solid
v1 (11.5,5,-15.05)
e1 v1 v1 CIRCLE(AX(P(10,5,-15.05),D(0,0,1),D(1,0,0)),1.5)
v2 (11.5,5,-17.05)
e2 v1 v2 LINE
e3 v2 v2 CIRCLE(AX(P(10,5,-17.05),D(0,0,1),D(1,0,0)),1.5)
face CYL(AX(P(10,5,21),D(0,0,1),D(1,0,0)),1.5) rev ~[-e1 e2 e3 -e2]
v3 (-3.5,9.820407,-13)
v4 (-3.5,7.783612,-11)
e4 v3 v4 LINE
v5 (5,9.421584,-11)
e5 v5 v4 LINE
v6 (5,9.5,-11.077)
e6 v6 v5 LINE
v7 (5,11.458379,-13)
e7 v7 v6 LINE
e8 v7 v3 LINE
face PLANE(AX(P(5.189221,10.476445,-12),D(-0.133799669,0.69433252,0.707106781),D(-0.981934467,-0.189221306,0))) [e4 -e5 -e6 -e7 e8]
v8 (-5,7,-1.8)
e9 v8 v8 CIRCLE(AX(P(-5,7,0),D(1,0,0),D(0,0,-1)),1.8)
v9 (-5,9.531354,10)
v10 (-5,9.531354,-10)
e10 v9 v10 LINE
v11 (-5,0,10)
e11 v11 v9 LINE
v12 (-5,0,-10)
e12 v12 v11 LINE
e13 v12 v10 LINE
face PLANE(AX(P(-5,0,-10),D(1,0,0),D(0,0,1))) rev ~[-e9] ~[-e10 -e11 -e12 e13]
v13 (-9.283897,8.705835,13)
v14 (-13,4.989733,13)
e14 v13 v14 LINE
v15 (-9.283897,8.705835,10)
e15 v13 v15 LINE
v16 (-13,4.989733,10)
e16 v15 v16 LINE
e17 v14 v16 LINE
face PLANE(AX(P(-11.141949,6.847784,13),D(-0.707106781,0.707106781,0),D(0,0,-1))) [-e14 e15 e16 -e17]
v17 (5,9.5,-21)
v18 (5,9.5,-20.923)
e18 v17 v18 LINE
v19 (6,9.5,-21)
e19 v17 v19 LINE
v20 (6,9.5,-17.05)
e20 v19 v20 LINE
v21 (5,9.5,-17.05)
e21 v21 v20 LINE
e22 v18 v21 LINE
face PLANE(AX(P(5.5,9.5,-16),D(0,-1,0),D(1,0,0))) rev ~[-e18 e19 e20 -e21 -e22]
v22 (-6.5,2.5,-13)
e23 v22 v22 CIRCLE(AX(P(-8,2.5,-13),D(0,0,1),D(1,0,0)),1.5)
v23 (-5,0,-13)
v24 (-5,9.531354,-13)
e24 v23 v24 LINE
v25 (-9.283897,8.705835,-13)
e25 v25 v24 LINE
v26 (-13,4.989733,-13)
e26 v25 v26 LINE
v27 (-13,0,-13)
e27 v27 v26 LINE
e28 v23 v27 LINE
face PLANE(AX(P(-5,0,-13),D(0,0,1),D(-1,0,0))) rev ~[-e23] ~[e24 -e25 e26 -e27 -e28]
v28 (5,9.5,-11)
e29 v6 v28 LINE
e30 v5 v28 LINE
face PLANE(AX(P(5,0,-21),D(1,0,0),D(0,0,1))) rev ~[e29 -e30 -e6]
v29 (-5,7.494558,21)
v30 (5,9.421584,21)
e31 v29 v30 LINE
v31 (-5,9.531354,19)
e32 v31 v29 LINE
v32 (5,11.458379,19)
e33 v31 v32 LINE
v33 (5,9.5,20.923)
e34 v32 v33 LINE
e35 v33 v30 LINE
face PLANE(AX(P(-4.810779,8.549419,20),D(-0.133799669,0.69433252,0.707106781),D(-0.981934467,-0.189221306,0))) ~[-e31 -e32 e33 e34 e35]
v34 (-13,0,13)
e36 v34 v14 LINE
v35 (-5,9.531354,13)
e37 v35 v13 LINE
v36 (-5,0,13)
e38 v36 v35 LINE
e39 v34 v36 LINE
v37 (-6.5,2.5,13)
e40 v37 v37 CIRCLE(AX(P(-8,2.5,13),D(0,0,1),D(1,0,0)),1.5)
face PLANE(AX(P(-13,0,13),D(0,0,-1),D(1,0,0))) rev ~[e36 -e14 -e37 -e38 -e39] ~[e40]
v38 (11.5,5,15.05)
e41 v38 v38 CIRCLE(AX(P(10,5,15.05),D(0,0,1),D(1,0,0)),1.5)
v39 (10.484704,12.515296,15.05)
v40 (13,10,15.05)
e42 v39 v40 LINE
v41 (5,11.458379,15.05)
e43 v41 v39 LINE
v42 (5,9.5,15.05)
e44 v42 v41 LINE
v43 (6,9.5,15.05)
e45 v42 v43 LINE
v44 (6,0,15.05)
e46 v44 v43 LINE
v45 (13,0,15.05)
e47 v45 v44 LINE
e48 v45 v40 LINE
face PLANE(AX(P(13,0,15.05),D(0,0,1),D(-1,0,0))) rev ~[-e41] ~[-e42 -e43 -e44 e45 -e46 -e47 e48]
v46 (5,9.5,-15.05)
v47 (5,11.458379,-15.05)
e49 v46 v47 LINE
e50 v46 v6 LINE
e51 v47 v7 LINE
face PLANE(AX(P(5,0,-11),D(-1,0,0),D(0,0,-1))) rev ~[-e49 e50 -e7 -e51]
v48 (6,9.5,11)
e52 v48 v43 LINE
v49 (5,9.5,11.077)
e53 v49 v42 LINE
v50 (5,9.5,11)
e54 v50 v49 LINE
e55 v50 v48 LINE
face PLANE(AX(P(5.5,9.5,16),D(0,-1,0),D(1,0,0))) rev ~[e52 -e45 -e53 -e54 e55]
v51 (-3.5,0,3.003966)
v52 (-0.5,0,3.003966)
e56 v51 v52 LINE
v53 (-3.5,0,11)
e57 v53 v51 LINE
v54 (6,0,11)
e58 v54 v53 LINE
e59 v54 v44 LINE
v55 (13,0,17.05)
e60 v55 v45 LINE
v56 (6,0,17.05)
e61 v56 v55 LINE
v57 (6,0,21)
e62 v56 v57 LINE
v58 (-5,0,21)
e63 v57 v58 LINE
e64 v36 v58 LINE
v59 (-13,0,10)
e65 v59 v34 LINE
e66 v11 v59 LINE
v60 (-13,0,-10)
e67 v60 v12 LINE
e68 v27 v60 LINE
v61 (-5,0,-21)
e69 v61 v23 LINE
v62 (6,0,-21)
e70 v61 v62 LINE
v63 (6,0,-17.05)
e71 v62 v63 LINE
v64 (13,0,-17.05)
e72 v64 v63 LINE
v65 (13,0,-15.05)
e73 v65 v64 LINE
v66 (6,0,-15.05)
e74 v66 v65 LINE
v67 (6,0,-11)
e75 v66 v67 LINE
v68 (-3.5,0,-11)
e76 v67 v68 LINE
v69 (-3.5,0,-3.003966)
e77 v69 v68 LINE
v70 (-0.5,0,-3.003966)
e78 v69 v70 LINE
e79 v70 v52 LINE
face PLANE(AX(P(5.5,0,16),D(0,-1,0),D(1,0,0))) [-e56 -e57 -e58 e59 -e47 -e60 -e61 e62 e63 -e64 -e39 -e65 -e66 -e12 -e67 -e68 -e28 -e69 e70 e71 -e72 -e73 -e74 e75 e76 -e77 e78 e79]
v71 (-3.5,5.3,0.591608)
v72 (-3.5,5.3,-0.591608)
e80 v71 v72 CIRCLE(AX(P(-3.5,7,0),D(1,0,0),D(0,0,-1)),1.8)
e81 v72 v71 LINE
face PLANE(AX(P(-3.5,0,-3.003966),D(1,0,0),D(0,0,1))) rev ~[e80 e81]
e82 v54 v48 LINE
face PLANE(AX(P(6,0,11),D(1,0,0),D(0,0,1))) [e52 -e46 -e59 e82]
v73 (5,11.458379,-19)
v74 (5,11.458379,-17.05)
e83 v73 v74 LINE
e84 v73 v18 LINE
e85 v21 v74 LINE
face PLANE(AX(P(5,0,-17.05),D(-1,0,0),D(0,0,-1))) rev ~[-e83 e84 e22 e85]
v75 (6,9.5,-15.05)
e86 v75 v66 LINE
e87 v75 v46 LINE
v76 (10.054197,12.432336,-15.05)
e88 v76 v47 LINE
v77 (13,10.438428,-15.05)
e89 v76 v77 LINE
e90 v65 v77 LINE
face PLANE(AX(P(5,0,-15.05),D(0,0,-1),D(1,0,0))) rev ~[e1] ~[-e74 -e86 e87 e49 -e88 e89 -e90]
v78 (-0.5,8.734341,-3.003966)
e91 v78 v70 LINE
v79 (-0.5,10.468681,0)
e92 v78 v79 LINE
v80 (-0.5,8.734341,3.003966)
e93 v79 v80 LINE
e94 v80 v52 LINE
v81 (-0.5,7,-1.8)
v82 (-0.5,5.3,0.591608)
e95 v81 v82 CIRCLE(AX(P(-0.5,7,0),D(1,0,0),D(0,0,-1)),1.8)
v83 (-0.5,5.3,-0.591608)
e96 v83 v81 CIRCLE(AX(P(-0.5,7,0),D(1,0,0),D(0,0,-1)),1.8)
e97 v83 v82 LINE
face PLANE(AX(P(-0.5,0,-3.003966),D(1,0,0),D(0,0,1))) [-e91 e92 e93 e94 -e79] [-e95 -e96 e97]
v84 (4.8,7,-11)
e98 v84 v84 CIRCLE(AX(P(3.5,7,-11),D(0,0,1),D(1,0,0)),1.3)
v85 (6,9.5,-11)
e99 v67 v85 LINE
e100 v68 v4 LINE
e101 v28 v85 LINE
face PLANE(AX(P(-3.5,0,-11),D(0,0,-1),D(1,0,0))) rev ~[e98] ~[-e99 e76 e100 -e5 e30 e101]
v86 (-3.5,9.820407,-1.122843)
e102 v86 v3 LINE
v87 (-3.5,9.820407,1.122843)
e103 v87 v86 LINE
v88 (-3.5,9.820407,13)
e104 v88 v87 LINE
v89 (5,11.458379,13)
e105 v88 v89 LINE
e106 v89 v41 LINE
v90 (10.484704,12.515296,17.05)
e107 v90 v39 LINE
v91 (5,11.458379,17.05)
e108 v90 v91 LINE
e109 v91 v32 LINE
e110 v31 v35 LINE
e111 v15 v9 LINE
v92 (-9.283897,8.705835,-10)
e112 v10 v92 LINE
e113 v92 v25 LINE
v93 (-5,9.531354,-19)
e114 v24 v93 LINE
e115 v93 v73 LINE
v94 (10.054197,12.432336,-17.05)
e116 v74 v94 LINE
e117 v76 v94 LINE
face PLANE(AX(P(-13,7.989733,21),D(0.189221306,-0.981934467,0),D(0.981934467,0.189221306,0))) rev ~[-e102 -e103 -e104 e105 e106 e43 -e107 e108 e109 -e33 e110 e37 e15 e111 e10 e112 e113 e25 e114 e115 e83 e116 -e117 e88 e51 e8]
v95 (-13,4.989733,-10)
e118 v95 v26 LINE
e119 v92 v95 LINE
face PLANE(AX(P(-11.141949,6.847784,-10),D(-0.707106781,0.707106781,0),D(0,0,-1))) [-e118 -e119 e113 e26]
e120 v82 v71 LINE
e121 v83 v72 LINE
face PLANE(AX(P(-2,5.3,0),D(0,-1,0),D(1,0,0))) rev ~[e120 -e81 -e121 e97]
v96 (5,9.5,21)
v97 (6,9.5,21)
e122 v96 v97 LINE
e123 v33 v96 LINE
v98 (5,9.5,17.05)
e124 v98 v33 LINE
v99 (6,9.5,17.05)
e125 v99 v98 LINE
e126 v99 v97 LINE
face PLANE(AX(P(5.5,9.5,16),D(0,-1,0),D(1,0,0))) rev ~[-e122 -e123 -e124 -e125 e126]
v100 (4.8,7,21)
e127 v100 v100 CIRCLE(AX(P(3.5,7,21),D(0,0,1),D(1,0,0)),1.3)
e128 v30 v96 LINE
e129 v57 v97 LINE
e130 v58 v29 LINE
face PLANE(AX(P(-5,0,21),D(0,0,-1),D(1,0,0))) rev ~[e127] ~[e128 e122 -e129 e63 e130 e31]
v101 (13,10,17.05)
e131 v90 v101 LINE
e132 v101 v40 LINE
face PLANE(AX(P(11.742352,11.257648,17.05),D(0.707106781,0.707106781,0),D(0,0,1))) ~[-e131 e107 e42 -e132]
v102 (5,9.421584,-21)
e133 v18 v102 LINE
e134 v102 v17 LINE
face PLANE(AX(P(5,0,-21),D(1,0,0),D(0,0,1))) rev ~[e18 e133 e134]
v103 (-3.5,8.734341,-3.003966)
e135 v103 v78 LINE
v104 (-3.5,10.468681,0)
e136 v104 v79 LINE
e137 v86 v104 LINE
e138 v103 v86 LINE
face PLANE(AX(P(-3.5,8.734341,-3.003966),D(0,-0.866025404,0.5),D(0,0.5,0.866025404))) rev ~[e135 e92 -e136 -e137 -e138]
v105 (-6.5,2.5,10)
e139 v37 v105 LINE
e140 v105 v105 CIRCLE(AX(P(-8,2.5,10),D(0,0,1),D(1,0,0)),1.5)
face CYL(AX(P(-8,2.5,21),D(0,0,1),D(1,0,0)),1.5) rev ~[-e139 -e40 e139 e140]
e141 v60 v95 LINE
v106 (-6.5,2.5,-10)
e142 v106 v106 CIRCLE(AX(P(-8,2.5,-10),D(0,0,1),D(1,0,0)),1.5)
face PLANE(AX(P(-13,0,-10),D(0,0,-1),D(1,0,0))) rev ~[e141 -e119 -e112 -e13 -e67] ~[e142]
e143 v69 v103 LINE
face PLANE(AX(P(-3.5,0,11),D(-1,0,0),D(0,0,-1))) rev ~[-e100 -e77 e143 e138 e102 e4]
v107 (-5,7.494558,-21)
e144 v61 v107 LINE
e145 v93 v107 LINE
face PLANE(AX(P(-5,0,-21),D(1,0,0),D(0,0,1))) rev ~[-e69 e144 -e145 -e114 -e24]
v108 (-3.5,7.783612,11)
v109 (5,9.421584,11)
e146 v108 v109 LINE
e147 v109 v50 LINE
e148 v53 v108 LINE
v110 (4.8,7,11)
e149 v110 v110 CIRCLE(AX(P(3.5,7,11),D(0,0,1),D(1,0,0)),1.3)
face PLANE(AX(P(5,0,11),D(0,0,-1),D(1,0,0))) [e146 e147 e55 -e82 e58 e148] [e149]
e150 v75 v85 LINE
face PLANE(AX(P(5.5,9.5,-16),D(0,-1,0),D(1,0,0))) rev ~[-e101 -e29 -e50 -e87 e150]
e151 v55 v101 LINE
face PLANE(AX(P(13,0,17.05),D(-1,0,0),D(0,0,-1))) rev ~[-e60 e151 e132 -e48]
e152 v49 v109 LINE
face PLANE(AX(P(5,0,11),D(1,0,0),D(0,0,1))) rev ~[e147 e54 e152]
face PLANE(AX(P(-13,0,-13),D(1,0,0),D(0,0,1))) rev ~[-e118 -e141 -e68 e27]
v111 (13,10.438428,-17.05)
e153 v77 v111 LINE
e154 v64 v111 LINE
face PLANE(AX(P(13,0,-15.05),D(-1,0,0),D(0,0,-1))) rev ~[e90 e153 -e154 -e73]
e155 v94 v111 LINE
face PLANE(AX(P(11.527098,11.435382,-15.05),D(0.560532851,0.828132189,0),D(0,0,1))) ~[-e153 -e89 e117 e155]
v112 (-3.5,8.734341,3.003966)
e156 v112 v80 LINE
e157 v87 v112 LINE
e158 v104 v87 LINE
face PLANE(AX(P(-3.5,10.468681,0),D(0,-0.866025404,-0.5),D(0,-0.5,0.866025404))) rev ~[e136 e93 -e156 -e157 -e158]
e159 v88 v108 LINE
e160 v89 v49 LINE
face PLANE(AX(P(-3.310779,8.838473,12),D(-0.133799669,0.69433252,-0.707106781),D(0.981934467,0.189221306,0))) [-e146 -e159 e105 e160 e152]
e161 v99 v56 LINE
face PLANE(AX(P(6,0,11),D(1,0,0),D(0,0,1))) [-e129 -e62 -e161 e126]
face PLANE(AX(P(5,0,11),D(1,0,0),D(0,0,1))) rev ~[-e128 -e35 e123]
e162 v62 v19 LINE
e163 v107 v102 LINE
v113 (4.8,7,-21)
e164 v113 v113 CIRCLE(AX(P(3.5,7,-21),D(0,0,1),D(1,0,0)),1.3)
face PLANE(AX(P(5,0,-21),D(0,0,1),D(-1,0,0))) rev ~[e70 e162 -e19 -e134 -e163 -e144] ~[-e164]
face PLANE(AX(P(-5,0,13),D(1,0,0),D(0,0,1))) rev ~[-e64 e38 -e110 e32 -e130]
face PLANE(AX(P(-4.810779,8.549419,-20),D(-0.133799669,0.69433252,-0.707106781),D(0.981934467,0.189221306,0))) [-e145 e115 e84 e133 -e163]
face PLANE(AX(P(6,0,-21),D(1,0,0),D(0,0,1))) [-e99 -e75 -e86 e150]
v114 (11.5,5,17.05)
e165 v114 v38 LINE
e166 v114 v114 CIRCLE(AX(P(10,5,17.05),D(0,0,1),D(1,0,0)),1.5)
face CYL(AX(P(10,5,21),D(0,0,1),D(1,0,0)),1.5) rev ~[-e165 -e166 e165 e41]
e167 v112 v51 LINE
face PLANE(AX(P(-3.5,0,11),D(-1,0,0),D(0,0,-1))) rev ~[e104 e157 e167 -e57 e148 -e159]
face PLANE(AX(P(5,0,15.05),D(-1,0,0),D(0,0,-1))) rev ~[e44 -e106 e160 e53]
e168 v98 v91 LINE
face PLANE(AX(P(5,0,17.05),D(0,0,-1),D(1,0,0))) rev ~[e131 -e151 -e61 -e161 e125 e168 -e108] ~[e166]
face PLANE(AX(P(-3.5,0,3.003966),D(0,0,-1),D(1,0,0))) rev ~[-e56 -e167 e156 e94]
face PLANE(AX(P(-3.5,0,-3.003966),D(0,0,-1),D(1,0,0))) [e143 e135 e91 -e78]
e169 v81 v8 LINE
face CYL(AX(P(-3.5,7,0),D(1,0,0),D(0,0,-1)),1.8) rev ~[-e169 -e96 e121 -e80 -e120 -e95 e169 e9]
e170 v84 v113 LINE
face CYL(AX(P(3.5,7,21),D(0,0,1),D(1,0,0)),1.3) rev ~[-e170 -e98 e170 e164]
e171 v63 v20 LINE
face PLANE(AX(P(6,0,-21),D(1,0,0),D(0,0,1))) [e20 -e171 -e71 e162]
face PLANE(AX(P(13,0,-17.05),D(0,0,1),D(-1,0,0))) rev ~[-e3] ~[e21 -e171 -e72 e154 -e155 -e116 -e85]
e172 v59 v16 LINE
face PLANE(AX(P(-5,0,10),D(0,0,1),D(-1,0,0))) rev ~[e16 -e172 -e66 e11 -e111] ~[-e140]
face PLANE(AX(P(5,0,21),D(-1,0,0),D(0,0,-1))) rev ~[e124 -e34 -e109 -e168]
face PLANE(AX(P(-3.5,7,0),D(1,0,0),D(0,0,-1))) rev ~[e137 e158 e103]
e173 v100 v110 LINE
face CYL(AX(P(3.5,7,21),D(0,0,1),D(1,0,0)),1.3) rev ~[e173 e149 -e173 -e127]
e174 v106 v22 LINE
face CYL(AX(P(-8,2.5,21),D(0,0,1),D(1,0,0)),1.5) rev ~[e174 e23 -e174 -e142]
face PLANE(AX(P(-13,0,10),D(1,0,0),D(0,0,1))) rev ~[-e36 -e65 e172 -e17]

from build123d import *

# Parameters (mm, degrees)
EXTRUDE_1_DEPTH        = 13
SKETCH_2_R             = 1.5
SKETCH_2_R_2           = 1.3
CUT_EXTRUDE_1_DEPTH    = 43
CHAMFER_1_SIZE2        = 3
CHAMFER_1_SIZE         = 3.784471042
CHAMFER_1_EDGE_2_SIZE2 = 3
CHAMFER_1_EDGE_2_SIZE  = 3.784471042
CHAMFER_1_EDGE_3_SIZE2 = 3
CHAMFER_1_EDGE_3_SIZE  = 2.56157214
CHAMFER_1_EDGE_4_SIZE2 = 2.56157214
CHAMFER_1_EDGE_4_SIZE  = 3
CHAMFER_2_SIZE         = 2
SKETCH_5_R             = 1.8
EXTRUDE_2_DEPTH        = 3
SKETCH_6_R             = 1.8
CUT_EXTRUDE_2_DEPTH    = 3
SKETCH_7_W             = 3
SKETCH_7_H             = 6.007931748
EXTRUDE_3_DEPTH        = 5.3
SKETCH_8_W             = 1
SKETCH_8_H             = 10
EXTRUDE_4_DEPTH        = 9.5


with BuildPart() as part:
    # 草图1 → 凸台-拉伸1 (new body)
    with BuildSketch(Plane(origin=(0, 0, 0), x_dir=(1, 0, 0), z_dir=(0, 1, 0))):
        Polygon((13, -15.05), (5, -15.05), (5, -11), (-3.5, -11), (-3.5, 11), (5, 11), (5, 15.05), (13, 15.05), (13, 17.05), (5, 17.05), (5, 21), (-5, 21), (-5, 13), (-13, 13), (-13, 10), (-5, 10), (-5, -10), (-13, -10), (-13, -13), (-5, -13), (-5, -21), (5, -21), (5, -17.05), (13, -17.05), align=None)
    extrude(amount=EXTRUDE_1_DEPTH)

    # 草图2 → 切除-拉伸1 (cut, through all)
    with BuildSketch(Plane.XY.offset(21)):
        with Locations((10, 5)):
            Circle(SKETCH_2_R)
        with Locations((-8, 2.5)):
            Circle(SKETCH_2_R)
        with Locations((3.5, 7)):
            Circle(SKETCH_2_R_2)
        Polygon((-13, 7.989732885), (13, 13), (-13, 13), align=None)
    extrude(amount=-CUT_EXTRUDE_1_DEPTH, mode=Mode.SUBTRACT)

    # 倒角1
    chamfer_1_edges = [part.edges().sort_by_distance(p)[0] for p in [
        (-13, 7.989732885, -11.5),
    ]]
    chamfer(chamfer_1_edges, length=CHAMFER_1_SIZE, length2=CHAMFER_1_SIZE2)

    # 倒角1 edge 2
    chamfer_1_edge_2_edges = [part.edges().sort_by_distance(p)[0] for p in [
        (-13, 7.989732885, 11.5),
    ]]
    chamfer(chamfer_1_edge_2_edges, length=CHAMFER_1_EDGE_2_SIZE, length2=CHAMFER_1_EDGE_2_SIZE2)

    # 倒角1 edge 3
    chamfer_1_edge_3_edges = [part.edges().sort_by_distance(p)[0] for p in [
        (13, 13, 16.05),
    ]]
    chamfer(chamfer_1_edge_3_edges, length=CHAMFER_1_EDGE_3_SIZE, length2=CHAMFER_1_EDGE_3_SIZE2)

    # 倒角1 edge 4
    chamfer_1_edge_4_edges = [part.edges().sort_by_distance(p)[0] for p in [
        (13, 13, -16.05),
    ]]
    chamfer(chamfer_1_edge_4_edges, length=CHAMFER_1_EDGE_4_SIZE, length2=CHAMFER_1_EDGE_4_SIZE2)

    # 倒角2
    chamfer_2_edges = [part.edges().sort_by_distance(p)[0] for p in [
        (0, 10.494866442, -21),
        (0.75, 10.639393378, 11),
        (0.75, 10.639393378, -11),
        (0, 10.494866442, 21),
    ]]
    chamfer(chamfer_2_edges, length=CHAMFER_2_SIZE)

    # 草图5 → 凸台-拉伸2 (add)
    with BuildSketch(Plane(origin=(-3.5, 0, 0), x_dir=(0, 0, -1), z_dir=(1, 0, 0))):
        Polygon((0, 10.468681012), (-3.003965874, 8.734340506), (-3.003965874, 5.265659494), (0, 3.531318988), (3.003965874, 5.265659494), (3.003965874, 8.734340506), align=None)
        with Locations((0, 7)):
            Circle(SKETCH_5_R, mode=Mode.SUBTRACT)
    extrude(amount=EXTRUDE_2_DEPTH)

    # 草图6 → 切除-拉伸2 (cut)
    with BuildSketch(Plane(origin=(-3.5, 0, 0), x_dir=(0, 0, -1), z_dir=(1, 0, 0))):
        with Locations((0, 7)):
            Circle(SKETCH_6_R)
    extrude(amount=-CUT_EXTRUDE_2_DEPTH, mode=Mode.SUBTRACT)

    # 草图7 → 凸台-拉伸3 (add)
    with BuildSketch(Plane.XZ):
        with Locations((-2, 0)):
            Rectangle(SKETCH_7_W, SKETCH_7_H)
    extrude(amount=-EXTRUDE_3_DEPTH)

    # 草图8 → 凸台-拉伸4 (add)
    with BuildSketch(Plane.XZ):
        with Locations((5.5, 16)):
            Rectangle(SKETCH_8_W, SKETCH_8_H)
        with Locations((5.5, -16)):
            Rectangle(SKETCH_8_W, SKETCH_8_H)
    extrude(amount=-EXTRUDE_4_DEPTH)


solid = part.part
